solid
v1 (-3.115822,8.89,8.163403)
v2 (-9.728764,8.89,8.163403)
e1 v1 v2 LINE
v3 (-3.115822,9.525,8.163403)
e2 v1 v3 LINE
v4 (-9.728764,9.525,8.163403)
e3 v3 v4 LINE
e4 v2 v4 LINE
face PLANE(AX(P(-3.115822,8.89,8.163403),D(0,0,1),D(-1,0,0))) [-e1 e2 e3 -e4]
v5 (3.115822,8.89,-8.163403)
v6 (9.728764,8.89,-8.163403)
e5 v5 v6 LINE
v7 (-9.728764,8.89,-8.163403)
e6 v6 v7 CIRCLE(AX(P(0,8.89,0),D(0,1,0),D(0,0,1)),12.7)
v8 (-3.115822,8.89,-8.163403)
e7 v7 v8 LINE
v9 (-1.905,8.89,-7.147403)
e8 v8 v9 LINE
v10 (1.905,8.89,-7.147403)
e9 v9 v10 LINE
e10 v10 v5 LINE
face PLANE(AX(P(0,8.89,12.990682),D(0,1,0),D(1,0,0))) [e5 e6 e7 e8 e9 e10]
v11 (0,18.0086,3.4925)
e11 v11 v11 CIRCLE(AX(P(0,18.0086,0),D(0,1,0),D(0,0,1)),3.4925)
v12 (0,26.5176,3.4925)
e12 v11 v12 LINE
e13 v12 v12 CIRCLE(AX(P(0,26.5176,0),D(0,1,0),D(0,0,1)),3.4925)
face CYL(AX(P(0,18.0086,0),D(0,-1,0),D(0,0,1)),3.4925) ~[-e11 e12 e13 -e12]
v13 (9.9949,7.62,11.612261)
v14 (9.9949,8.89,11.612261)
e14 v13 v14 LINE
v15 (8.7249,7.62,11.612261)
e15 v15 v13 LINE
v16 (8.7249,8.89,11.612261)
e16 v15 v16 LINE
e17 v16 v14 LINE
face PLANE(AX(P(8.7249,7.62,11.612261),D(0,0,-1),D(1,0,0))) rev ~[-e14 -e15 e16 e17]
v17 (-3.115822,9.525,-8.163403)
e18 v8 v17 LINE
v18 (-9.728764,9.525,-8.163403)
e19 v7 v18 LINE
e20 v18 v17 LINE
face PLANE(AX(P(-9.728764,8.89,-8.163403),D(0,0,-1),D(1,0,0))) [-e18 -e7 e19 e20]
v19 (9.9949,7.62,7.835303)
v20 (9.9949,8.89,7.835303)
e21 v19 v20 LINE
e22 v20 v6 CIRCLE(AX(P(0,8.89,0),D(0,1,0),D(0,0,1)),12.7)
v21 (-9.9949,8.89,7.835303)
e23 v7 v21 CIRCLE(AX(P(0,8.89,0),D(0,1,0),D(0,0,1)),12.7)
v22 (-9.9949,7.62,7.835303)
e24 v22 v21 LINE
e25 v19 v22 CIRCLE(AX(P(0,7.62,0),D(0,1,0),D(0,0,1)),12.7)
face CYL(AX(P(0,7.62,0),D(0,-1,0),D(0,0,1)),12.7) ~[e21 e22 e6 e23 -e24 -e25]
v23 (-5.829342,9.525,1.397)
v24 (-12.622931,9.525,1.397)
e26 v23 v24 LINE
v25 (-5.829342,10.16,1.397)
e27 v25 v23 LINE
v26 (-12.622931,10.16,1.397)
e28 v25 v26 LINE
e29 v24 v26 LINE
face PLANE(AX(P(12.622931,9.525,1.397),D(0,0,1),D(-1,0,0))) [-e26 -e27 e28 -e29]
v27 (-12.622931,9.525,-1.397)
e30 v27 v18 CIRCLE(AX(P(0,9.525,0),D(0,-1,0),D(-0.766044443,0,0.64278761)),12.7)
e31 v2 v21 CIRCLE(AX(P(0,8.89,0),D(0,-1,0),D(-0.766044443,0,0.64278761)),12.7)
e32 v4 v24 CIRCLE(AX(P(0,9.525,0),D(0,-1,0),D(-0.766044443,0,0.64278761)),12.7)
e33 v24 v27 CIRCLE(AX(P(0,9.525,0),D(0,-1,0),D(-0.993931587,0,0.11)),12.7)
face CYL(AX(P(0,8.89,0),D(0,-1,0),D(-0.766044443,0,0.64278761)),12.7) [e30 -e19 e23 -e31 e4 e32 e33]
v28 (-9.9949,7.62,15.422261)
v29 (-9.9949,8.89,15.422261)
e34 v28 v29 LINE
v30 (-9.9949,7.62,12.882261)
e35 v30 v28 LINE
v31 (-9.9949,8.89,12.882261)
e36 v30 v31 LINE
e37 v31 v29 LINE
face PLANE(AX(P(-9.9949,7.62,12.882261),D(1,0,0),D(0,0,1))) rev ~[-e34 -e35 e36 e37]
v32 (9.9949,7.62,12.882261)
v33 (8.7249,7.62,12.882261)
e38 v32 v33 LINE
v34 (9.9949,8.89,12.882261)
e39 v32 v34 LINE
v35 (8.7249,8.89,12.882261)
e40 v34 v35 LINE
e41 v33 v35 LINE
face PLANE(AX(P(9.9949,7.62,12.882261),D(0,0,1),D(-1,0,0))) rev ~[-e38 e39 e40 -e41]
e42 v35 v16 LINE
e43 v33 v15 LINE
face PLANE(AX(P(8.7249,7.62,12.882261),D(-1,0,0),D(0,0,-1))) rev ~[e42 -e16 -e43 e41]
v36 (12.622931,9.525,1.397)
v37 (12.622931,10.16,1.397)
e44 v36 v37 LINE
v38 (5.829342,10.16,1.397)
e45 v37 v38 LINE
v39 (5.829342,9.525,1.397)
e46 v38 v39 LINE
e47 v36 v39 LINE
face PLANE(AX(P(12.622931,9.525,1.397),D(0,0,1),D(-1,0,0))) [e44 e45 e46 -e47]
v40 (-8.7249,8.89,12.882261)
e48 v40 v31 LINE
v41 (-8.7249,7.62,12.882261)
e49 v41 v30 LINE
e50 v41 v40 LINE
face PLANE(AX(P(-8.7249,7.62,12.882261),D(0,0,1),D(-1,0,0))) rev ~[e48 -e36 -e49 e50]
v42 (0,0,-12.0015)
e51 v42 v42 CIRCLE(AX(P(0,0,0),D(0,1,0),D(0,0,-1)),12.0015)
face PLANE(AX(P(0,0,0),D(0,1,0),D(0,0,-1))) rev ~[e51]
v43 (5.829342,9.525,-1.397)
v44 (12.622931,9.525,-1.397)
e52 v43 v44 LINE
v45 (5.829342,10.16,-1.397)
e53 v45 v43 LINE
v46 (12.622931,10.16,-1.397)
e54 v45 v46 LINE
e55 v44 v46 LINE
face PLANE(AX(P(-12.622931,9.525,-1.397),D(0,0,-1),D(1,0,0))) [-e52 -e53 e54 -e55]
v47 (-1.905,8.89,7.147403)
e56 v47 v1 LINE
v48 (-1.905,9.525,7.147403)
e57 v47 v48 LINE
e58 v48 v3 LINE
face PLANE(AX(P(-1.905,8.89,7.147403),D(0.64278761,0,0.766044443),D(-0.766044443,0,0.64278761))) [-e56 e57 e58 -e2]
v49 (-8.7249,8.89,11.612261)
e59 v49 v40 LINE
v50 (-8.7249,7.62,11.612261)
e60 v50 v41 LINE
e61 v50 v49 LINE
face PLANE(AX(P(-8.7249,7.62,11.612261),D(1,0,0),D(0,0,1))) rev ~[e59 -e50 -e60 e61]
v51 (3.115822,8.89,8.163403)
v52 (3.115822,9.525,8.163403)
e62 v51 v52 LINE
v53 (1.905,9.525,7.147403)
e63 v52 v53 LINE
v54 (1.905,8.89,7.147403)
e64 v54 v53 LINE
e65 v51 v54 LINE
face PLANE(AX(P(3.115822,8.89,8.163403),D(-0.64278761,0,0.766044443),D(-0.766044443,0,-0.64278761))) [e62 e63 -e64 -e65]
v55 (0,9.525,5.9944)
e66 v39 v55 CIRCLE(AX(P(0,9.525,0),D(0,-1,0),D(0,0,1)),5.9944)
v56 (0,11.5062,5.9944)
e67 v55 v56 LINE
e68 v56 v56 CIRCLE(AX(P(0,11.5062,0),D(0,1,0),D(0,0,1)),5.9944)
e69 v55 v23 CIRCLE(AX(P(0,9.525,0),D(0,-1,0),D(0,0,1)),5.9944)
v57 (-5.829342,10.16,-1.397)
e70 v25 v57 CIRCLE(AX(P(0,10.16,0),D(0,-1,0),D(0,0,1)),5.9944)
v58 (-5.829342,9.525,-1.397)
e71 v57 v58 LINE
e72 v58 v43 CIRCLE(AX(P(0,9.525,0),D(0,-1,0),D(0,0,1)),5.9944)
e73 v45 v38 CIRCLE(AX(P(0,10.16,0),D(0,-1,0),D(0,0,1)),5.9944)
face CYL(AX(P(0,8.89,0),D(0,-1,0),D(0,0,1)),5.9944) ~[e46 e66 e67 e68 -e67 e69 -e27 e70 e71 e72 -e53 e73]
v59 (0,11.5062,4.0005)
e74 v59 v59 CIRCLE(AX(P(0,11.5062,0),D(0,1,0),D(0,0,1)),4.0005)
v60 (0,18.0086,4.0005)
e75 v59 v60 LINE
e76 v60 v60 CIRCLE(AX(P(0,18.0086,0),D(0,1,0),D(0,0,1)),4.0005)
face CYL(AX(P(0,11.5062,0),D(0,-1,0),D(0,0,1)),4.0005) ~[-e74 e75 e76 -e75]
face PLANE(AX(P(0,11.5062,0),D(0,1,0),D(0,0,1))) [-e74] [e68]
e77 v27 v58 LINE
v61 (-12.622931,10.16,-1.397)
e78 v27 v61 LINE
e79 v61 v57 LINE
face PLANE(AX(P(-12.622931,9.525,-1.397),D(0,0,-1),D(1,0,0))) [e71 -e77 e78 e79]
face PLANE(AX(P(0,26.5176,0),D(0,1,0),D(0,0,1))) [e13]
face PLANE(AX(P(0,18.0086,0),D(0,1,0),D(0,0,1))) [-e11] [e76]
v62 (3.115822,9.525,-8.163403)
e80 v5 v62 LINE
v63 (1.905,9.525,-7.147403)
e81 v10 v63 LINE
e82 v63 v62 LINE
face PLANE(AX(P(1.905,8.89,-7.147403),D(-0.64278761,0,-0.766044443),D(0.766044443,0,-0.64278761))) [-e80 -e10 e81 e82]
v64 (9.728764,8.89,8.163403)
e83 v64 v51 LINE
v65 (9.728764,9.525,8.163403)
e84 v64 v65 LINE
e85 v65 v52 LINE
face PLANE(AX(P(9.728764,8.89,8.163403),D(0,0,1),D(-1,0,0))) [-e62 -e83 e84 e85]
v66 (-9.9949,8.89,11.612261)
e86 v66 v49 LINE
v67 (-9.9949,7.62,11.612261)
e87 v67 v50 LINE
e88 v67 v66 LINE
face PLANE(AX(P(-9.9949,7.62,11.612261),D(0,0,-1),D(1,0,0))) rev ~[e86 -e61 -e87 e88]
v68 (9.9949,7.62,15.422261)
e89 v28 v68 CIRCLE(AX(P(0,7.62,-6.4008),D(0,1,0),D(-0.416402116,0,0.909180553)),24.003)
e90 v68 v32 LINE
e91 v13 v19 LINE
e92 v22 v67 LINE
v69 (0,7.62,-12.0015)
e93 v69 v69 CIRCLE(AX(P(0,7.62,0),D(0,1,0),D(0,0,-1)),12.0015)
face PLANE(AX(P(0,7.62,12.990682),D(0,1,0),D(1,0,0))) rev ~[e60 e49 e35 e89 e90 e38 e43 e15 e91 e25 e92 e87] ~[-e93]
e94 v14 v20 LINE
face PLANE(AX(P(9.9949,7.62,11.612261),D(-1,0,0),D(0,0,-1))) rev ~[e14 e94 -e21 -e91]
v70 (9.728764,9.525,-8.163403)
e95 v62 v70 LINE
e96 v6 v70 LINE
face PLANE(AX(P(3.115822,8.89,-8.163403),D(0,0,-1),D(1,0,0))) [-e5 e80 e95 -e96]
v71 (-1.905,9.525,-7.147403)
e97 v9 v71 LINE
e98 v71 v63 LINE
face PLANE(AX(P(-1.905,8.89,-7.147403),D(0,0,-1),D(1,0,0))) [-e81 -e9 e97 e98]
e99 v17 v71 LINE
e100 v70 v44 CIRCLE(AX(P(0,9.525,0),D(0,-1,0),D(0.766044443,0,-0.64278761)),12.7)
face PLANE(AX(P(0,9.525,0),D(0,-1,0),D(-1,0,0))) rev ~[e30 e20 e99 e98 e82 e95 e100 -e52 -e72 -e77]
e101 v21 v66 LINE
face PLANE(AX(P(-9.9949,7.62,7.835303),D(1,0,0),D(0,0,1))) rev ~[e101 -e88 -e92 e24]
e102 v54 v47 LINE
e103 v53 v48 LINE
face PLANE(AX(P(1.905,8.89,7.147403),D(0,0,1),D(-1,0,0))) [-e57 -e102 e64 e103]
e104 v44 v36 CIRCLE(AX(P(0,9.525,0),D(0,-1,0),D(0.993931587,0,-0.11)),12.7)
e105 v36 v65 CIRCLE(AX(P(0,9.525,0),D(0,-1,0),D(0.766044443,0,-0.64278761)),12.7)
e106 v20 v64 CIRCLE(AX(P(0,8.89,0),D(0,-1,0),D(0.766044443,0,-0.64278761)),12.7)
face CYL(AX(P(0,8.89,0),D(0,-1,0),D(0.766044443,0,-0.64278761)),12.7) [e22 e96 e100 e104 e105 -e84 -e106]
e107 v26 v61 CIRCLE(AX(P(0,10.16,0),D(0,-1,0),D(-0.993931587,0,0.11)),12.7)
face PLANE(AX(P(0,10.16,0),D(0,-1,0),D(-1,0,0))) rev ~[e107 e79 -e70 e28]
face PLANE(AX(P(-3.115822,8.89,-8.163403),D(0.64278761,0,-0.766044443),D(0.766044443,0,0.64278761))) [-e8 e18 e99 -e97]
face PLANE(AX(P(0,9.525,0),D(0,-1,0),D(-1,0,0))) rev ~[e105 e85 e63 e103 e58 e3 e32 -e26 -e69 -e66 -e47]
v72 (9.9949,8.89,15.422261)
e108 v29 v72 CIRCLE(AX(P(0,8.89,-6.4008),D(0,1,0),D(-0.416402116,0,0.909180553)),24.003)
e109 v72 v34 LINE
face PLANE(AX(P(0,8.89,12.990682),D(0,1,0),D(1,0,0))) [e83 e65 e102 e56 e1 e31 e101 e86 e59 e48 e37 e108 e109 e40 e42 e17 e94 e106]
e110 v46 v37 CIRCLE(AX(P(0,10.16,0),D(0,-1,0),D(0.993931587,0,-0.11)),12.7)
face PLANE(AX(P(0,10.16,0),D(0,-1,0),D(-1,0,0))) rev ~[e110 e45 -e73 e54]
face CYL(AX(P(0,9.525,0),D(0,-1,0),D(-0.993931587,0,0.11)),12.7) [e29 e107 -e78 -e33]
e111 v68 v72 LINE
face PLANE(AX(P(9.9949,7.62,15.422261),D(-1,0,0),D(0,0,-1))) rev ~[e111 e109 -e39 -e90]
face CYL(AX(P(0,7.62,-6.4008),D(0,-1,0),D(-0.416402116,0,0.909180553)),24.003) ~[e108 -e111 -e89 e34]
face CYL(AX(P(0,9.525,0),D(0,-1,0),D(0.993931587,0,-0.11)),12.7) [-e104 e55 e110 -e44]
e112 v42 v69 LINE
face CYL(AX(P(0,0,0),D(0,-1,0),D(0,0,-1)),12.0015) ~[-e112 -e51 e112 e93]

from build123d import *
from build123d.topology import SkipClean

# Parameters (mm, degrees)
SKETCH1_R           = 12.0015
BOSS_EXTRUDE1_DEPTH = 7.62
SKETCH2_R           = 12.7
BOSS_EXTRUDE2_DEPTH = 1.27
BOSS_EXTRUDE3_START = -1.27
BOSS_EXTRUDE3_DEPTH = 1.27
SKETCH4_R           = 5.9944
BOSS_EXTRUDE4_DEPTH = 2.6162
SKETCH5_R           = 4.0005
BOSS_EXTRUDE5_DEPTH = 6.5024
SKETCH6_R           = 3.4925
BOSS_EXTRUDE6_DEPTH = 8.509
BOSS_EXTRUDE7_DEPTH = 0.635
BOSS_EXTRUDE8_DEPTH = 0.635


with BuildPart() as part:
    # Sketch1 → Boss-Extrude1 (new body)
    with BuildSketch(Plane(origin=(0, 0, 0), x_dir=(1, 0, 0), z_dir=(0, 1, 0))):
        with Locations(Location((0, 0, 0), (0, 0, 90))):
            Circle(SKETCH1_R)
    extrude(amount=BOSS_EXTRUDE1_DEPTH)

    # Sketch2 → Boss-Extrude2 (add)
    with BuildSketch(Plane(origin=(0, 7.62, 0), x_dir=(1, 0, 0), z_dir=(0, 1, 0))):
        with Locations(Location((0, 0, 0), (0, 0, 270))):
            Circle(SKETCH2_R)
    extrude(amount=BOSS_EXTRUDE2_DEPTH)

    # Sketch3 → Boss-Extrude3 (add)
    with BuildSketch(Plane(origin=(0, 8.89, 0), x_dir=(1, 0, 0), z_dir=(0, 1, 0)).offset(BOSS_EXTRUDE3_START)):
        with BuildLine():
            ThreePointArc((9.9949, -7.835303057), (0, -12.7), (-9.9949, -7.835303057))
            Line((-9.9949, -7.835303057), (-9.9949, -11.612260807))
            Line((-9.9949, -11.612260807), (-8.7249, -11.612260807))
            Line((-8.7249, -11.612260807), (-8.7249, -12.882260807))
            Line((-8.7249, -12.882260807), (-9.9949, -12.882260807))
            Line((-9.9949, -12.882260807), (-9.9949, -15.422260807))
            ThreePointArc((-9.9949, -15.422260807), (0, -17.6022), (9.9949, -15.422260807))
            Line((9.9949, -15.422260807), (9.9949, -12.882260807))
            Line((9.9949, -12.882260807), (8.7249, -12.882260807))
            Line((8.7249, -12.882260807), (8.7249, -11.612260807))
            Line((8.7249, -11.612260807), (9.9949, -11.612260807))
            Line((9.9949, -11.612260807), (9.9949, -7.835303057))
        make_face()
    extrude(amount=BOSS_EXTRUDE3_DEPTH)

    # Sketch4 → Boss-Extrude4 (add)
    with BuildSketch(Plane(origin=(0, 8.89, 0), x_dir=(1, 0, 0), z_dir=(0, 1, 0))):
        with Locations(Location((0, 0, 0), (0, 0, 270))):
            Circle(SKETCH4_R)
    extrude(amount=BOSS_EXTRUDE4_DEPTH)

    # Sketch5 → Boss-Extrude5 (add)
    with BuildSketch(Plane(origin=(0, 11.5062, 0), x_dir=(1, 0, 0), z_dir=(0, 1, 0))):
        with Locations(Location((0, 0, 0), (0, 0, 270))):
            Circle(SKETCH5_R)
    extrude(amount=BOSS_EXTRUDE5_DEPTH)

    # Sketch6 → Boss-Extrude6 (add)
    with BuildSketch(Plane(origin=(0, 18.0086, 0), x_dir=(1, 0, 0), z_dir=(0, 1, 0))):
        with Locations(Location((0, 0, 0), (0, 0, 270))):
            Circle(SKETCH6_R)
    extrude(amount=BOSS_EXTRUDE6_DEPTH)

    # Sketch7 → Boss-Extrude7 (add)
    with SkipClean():  # the faces are left unmerged after this step: merging them gives an invalid solid
        with BuildSketch(Plane(origin=(0, 8.89, 0), x_dir=(1, 0, 0), z_dir=(0, 1, 0))):
            with BuildLine():
                Line((-9.728764428, 8.163402643), (-3.11582165, 8.163402643))
                Line((-3.11582165, 8.163402643), (-1.905, 7.147402643))
                Line((-1.905, 7.147402643), (1.905, 7.147402643))
                Line((1.905, 7.147402643), (3.11582165, 8.163402643))
                Line((3.11582165, 8.163402643), (9.728764428, 8.163402643))
                ThreePointArc((9.728764428, 8.163402643), (12.7, 0), (9.728764428, -8.163402643))
                Line((9.728764428, -8.163402643), (3.11582165, -8.163402643))
                Line((3.11582165, -8.163402643), (1.905, -7.147402643))
                Line((1.905, -7.147402643), (-1.905, -7.147402643))
                Line((-1.905, -7.147402643), (-3.11582165, -8.163402643))
                Line((-3.11582165, -8.163402643), (-9.728764428, -8.163402643))
                ThreePointArc((-9.728764428, -8.163402643), (-12.7, 0), (-9.728764428, 8.163402643))
            make_face()
        extrude(amount=BOSS_EXTRUDE7_DEPTH)

    # Sketch8 → Boss-Extrude8 (add)
    with SkipClean():  # the faces are left unmerged after this step: merging them gives an invalid solid
        with BuildSketch(Plane(origin=(0, 9.525, 0), x_dir=(1, 0, 0), z_dir=(0, 1, 0))):
            with BuildLine():
                Line((-12.622931157, 1.397), (12.622931157, 1.397))
                ThreePointArc((12.622931157, 1.397), (12.7, 0), (12.622931157, -1.397))
                Line((12.622931157, -1.397), (-12.622931157, -1.397))
                ThreePointArc((-12.622931157, -1.397), (-12.7, 0), (-12.622931157, 1.397))
            make_face()
        extrude(amount=BOSS_EXTRUDE8_DEPTH)


solid = part.part
